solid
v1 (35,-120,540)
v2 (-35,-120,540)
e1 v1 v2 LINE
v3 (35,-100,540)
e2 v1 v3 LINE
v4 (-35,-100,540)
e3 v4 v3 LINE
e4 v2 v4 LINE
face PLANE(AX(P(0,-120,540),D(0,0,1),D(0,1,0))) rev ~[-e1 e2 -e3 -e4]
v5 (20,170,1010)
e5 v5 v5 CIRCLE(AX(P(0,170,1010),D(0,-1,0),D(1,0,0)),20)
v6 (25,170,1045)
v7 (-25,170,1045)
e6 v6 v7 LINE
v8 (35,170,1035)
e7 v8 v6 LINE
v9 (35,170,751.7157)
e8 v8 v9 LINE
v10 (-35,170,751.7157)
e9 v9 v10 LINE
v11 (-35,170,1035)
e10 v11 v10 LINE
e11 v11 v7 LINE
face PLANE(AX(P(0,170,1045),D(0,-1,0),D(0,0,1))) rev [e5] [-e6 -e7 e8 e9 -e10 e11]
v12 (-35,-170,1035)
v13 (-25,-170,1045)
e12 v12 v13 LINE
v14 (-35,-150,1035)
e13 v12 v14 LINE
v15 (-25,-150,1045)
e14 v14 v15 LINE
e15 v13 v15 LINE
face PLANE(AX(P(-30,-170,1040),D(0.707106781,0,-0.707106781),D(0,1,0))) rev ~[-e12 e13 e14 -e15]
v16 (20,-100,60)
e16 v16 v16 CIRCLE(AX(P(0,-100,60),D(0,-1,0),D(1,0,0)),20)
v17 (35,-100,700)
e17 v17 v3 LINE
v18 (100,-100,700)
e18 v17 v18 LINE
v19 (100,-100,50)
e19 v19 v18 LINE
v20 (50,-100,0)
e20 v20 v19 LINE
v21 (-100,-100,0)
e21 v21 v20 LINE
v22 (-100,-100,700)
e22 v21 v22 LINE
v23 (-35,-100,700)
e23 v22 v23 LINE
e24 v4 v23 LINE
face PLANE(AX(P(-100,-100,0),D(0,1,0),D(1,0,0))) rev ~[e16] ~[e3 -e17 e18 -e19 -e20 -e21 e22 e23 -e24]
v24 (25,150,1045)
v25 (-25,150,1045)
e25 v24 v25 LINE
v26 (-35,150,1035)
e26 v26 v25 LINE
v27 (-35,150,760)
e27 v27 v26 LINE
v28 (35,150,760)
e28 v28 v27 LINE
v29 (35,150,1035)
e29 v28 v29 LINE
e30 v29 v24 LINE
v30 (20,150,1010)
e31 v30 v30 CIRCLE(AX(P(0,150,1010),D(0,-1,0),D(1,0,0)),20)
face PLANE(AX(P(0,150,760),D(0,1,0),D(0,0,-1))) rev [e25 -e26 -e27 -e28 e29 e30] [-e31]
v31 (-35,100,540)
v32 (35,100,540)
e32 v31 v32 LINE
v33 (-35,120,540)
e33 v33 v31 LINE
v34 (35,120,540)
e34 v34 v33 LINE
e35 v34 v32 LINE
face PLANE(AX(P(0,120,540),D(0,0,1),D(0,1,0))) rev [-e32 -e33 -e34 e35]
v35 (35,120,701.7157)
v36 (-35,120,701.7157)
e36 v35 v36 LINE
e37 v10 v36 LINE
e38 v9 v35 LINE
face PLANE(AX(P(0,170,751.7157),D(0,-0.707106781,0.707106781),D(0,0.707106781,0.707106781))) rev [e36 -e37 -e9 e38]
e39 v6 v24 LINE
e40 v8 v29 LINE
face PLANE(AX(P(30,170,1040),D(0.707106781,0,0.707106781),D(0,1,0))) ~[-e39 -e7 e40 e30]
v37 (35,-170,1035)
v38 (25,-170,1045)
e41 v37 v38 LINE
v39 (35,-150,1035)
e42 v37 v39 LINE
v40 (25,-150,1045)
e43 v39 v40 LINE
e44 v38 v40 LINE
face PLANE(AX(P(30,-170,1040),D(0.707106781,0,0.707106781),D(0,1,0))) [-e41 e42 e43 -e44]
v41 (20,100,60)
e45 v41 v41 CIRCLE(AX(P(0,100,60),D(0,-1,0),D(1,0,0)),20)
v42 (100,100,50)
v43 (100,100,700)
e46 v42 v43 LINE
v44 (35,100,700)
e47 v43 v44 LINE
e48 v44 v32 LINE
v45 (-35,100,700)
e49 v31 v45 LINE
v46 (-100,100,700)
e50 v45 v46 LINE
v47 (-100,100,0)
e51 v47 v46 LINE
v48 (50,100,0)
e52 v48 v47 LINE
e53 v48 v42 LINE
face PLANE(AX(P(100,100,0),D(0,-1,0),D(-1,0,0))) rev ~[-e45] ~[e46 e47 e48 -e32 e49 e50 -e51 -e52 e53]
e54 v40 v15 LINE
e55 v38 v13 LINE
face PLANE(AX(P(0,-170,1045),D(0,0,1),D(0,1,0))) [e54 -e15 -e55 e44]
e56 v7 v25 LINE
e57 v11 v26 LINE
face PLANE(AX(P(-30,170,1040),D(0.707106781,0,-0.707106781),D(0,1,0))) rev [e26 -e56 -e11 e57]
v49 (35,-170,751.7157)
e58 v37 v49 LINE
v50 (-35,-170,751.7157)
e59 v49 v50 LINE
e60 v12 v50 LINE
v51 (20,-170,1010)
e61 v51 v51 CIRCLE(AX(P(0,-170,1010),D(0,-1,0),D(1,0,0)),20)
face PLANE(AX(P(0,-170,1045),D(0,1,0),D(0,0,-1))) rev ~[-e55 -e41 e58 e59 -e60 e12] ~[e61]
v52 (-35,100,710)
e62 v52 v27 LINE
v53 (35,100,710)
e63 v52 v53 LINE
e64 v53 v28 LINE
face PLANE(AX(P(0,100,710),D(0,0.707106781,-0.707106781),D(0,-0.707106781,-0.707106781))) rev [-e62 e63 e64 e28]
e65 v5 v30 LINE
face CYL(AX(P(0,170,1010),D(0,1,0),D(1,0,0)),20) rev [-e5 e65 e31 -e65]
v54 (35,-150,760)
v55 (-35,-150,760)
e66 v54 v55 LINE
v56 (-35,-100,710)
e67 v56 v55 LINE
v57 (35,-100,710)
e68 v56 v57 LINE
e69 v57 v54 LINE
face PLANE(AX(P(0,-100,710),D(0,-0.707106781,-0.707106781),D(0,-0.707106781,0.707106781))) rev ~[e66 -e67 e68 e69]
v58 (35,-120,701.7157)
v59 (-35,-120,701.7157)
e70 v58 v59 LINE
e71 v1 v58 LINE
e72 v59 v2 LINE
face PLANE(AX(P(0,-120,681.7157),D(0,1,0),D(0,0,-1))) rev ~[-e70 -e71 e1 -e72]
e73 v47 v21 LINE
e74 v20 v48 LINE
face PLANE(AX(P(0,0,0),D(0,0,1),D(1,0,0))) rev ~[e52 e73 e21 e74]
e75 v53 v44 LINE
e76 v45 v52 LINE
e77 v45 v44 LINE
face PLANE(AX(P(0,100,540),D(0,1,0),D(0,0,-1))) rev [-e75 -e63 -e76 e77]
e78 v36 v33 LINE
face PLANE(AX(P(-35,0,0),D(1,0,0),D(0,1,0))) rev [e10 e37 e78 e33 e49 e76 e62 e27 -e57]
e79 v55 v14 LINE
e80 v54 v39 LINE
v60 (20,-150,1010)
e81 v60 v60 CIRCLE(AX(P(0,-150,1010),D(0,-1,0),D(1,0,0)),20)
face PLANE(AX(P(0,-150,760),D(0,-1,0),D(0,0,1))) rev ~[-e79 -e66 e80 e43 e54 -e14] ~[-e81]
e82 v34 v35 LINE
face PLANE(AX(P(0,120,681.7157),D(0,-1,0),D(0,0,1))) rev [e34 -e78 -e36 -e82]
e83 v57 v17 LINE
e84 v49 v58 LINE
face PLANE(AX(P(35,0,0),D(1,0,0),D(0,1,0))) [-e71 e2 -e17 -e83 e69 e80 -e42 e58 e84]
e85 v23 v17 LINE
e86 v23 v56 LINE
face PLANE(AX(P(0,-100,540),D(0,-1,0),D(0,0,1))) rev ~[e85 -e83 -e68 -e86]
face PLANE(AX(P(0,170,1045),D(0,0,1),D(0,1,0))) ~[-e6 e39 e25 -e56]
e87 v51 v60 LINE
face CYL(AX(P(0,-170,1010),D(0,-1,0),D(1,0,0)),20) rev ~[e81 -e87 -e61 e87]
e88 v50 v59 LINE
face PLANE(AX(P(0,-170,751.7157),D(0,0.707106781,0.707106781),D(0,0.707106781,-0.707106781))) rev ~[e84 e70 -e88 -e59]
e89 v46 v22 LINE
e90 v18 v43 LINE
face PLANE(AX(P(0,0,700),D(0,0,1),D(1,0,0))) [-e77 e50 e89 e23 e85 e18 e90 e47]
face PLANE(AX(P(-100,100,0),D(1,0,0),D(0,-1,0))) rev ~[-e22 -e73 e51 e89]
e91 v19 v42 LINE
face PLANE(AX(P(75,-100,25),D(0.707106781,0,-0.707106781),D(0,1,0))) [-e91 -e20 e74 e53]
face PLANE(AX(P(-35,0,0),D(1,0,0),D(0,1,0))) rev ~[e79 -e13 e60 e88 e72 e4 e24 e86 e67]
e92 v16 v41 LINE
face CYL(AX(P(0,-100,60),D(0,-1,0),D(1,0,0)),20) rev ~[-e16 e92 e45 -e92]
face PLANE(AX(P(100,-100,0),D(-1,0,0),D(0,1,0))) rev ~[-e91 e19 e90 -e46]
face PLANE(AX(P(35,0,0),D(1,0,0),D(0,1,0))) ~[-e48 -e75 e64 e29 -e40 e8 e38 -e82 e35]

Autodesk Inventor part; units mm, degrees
ref_plane "YZ Plane" through (0, 0, 0) normal (1, 0, 0) x (0, 1, 0)
ref_plane "XZ Plane" through (0, 0, 0) normal (0, 1, 0) x (-1, 0, 0)
ref_plane "XY Plane" through (0, 0, 0) normal (0, 0, 1) x (1, 0, 0)
sketch "Náčrt1" plane through (0, 0, 0) normal (0, 0, 1) x (1, 0, 0)
  line L0 (-100, -100) -> (100, -100)
  line L1 (100, -100) -> (100, 100)
  line L2 (100, 100) -> (-100, 100)
  line L3 (-100, 100) -> (-100, -100)
  line L4 (-100, -100) -> (100, 100) construction
  line L5 (100, -100) -> (-100, 100) construction
  point P0 (0, 0)
  dimension "d0" = 200
extrude "Vysunutí1" add sketch "Náčrt1" along normal blind 700
sketch "Náčrt2" plane through (0, 0, 0) normal (1, 0, 0) x (0, 1, 0)
  line L0 (-100, 0) -> (-100, 700) projected
  line L1 (-150, 760) -> (-150, 1045)
  line L2 (-120, 681.7157) -> (-120, 540)
  line L3 (-100, 700) -> (100, 700) projected
  line L4 (0, 700) -> (0, 773.8359) construction
  line L5 (-100, 0) -> (100, 0) projected
  line L6 (-100, 540) -> (-100, 710)
  line L7 (-100, 710) -> (-150, 760)
  line L8 (-170, 1045) -> (-170, 751.7157)
  line L9 (-170, 751.7157) -> (-120, 701.7157)
  line L10 (-120, 701.7157) -> (-120, 540)
  line L11 (-170, 1045) -> (-150, 1045)
  line L12 (-120, 540) -> (-100, 540)
  line L13 (-170, 1010) -> (-150, 1010) construction
  point P0 (0, 0)
  dimension "d5" = 150
  dimension "d22" = 135
  dimension "d24" = 20
  dimension "d26" = 10
  dimension "d35" = 345
  dimension "d36" = 35
extrude "Vysunutí2" add sketch "Náčrt2" along normal mid plane 70
sketch "Náčrt3" plane through (-30, -170, 712.0978) normal (0, -1, 0) x (1, 0, 0)
  line L0 (-5, 332.9022) -> (65, 332.9022) projected
  line L1 (30, 332.9022) -> (30, 269.5637) construction
  circle A0 centre (30, 297.9022) radius 20
  point P0 (30, -712.0978)
  dimension "d11" = 40
  dimension "d12" = 35
  dimension "d25" = 70
extrude "Vysunutí3" cut sketch "Náčrt3" against normal blind 60
chamfer "Zkosení1" distance 10 angle 45 2 edges at (35, -160, 1045) (-35, -160, 1045)
mirror "Zrcadlit1" about plane through (0, 0, 0) normal (0, 1, 0)
sketch "Náčrt4" plane through (-100, -100, 0) normal (0, -1, 0) x (1, 0, 0)
  circle A0 centre (100, 1010) radius 20 projected
  circle A1 centre (100, 60) radius 20
  line L0 (0, 0) -> (200, 0) projected
  line L1 (100, 0) -> (100, 549.2134) construction
  dimension "d27" = 40
  dimension "d28" = 60
  dimension "d29" = 950
extrude "Vysunutí4" cut sketch "Náčrt4" against normal through all contours A1
chamfer "Zkosení2" distance 50 angle 45 1 edges at (100, 0, 0)
equation "\"d12\" = 0.5 * d25"
properties part number "B5-A1"
